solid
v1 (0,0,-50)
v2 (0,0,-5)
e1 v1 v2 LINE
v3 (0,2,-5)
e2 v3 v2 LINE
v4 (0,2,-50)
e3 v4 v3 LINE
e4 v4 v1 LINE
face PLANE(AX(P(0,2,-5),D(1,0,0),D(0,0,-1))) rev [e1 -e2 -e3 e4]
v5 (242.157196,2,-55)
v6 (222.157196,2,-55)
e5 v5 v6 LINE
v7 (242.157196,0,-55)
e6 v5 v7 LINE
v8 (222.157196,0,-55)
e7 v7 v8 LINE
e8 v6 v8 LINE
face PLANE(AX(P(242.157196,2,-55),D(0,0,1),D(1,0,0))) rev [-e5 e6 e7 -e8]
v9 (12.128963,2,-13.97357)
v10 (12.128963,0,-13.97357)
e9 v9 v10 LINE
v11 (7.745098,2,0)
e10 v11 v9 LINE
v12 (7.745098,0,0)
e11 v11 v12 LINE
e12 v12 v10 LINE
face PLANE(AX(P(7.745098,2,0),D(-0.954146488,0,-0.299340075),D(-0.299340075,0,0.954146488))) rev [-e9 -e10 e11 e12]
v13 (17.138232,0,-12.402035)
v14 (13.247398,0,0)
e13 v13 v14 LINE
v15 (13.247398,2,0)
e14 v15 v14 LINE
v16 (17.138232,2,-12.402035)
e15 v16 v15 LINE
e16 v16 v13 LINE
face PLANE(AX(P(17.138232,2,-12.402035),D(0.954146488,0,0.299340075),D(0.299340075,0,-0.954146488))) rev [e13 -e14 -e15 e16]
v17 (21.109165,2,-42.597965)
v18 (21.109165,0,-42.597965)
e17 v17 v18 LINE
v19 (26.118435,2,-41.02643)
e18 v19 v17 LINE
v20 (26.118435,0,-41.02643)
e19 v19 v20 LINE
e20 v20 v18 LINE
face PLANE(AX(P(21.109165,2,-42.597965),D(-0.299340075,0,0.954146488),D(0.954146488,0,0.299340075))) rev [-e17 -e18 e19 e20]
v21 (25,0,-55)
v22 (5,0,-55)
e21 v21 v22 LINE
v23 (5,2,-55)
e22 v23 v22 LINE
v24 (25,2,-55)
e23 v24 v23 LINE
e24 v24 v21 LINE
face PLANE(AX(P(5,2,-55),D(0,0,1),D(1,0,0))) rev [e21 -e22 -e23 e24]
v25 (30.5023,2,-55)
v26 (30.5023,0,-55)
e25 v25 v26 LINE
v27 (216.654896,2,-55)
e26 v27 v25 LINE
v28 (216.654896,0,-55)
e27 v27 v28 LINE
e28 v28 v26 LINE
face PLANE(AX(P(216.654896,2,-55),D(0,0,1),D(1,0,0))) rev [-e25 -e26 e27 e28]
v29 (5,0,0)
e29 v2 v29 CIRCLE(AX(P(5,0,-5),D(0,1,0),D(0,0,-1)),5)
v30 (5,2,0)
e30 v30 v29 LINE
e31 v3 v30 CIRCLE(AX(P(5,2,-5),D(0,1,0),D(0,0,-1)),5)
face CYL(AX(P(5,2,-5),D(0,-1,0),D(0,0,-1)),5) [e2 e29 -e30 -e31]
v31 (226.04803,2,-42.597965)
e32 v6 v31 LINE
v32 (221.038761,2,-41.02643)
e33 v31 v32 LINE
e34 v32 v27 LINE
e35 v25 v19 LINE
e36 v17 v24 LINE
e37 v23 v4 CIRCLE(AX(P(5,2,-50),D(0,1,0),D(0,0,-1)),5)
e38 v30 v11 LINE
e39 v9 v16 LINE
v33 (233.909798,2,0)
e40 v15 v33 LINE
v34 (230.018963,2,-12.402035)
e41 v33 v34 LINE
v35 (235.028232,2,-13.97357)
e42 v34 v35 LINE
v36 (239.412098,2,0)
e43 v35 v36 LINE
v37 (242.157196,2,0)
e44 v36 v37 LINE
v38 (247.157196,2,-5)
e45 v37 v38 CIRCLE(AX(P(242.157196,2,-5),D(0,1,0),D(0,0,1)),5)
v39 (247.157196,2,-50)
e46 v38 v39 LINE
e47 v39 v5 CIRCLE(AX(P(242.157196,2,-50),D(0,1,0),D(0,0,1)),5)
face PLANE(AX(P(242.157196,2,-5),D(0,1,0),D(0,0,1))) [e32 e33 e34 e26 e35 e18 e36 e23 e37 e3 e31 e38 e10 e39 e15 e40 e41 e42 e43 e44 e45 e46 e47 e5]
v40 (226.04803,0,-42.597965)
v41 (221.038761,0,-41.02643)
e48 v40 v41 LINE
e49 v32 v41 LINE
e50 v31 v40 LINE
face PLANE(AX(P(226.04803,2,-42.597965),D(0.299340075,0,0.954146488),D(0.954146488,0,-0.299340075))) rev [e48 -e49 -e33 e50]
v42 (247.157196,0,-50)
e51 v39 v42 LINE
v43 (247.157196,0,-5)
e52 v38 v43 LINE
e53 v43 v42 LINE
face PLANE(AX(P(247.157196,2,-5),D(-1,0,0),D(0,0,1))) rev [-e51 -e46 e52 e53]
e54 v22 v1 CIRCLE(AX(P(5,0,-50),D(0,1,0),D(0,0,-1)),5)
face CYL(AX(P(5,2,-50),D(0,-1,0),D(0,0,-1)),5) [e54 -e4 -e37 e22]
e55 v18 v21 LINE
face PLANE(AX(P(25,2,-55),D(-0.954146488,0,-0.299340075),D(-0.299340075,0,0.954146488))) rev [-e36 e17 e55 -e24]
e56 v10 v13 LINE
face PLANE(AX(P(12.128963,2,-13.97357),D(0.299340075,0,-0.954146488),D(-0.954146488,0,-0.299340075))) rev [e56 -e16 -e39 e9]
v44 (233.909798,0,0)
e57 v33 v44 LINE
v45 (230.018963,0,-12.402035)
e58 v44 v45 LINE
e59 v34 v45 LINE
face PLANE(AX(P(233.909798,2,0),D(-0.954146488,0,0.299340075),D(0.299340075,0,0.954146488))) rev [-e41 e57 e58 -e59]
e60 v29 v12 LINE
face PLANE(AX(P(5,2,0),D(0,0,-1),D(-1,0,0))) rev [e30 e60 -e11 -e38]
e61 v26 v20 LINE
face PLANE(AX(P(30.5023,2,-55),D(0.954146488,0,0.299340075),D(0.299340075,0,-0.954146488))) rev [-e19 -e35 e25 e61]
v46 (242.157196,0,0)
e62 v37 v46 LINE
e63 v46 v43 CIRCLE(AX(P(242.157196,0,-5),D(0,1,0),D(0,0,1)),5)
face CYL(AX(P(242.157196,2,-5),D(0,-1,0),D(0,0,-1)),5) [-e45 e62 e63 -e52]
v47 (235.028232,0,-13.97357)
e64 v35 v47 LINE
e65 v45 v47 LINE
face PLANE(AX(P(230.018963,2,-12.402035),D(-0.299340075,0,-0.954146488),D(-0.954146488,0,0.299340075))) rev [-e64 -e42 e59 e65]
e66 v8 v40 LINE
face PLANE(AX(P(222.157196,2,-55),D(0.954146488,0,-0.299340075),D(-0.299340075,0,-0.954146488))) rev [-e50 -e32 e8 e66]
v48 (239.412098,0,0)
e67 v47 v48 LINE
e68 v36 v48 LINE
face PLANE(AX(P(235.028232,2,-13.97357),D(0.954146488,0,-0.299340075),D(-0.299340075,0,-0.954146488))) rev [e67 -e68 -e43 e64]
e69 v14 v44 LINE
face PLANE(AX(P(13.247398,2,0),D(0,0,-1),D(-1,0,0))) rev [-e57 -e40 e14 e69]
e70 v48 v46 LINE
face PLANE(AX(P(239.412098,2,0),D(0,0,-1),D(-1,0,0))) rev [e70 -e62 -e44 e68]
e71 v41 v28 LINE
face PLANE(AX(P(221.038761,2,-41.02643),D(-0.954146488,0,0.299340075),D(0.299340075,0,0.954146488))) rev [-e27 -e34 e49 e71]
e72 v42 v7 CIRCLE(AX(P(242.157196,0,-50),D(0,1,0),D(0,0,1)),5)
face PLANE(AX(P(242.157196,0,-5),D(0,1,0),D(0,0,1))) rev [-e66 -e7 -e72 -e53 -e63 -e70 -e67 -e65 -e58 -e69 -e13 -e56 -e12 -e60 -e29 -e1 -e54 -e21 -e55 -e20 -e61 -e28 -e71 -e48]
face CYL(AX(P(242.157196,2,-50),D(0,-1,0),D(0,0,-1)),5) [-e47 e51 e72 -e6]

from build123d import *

# Parameters (mm, degrees)
BOSS_EXTRUDE1_DEPTH = 2


with BuildPart() as part:
    # Sketch1 → Boss-Extrude1 (new body)
    with BuildSketch(Plane(origin=(0, 0, 0), x_dir=(1, 0, 0), z_dir=(0, 1, 0))):
        with BuildLine():
            Line((25, 55), (21.109165494, 42.59796501))
            Line((21.109165494, 42.59796501), (26.118434554, 41.026429618))
            Line((26.118434554, 41.026429618), (30.502299771, 55))
            Line((30.502299771, 55), (216.654895807, 55))
            Line((216.654895807, 55), (221.038761024, 41.026429618))
            Line((221.038761024, 41.026429618), (226.048030084, 42.59796501))
            Line((226.048030084, 42.59796501), (222.157195577, 55))
            Line((222.157195577, 55), (242.157195577, 55))
            ThreePointArc((242.157195577, 55), (245.692729483, 53.535533906), (247.157195577, 50))
            Line((247.157195577, 50), (247.157195577, 5))
            ThreePointArc((247.157195577, 5), (245.692729483, 1.464466094), (242.157195577, 0))
            Line((242.157195577, 0), (239.412097536, 0))
            Line((239.412097536, 0), (235.028232319, 13.973570382))
            Line((235.028232319, 13.973570382), (230.018963259, 12.40203499))
            Line((230.018963259, 12.40203499), (233.909797765, 0))
            Line((233.909797765, 0), (13.247397812, 0))
            Line((13.247397812, 0), (17.138232319, 12.40203499))
            Line((17.138232319, 12.40203499), (12.128963259, 13.973570382))
            Line((12.128963259, 13.973570382), (7.745098042, 0))
            Line((7.745098042, 0), (5, 0))
            ThreePointArc((5, 0), (1.464466094, 1.464466094), (0, 5))
            Line((0, 5), (0, 50))
            ThreePointArc((0, 50), (1.464466094, 53.535533906), (5, 55))
            Line((5, 55), (25, 55))
        make_face()
    extrude(amount=BOSS_EXTRUDE1_DEPTH)


solid = part.part
